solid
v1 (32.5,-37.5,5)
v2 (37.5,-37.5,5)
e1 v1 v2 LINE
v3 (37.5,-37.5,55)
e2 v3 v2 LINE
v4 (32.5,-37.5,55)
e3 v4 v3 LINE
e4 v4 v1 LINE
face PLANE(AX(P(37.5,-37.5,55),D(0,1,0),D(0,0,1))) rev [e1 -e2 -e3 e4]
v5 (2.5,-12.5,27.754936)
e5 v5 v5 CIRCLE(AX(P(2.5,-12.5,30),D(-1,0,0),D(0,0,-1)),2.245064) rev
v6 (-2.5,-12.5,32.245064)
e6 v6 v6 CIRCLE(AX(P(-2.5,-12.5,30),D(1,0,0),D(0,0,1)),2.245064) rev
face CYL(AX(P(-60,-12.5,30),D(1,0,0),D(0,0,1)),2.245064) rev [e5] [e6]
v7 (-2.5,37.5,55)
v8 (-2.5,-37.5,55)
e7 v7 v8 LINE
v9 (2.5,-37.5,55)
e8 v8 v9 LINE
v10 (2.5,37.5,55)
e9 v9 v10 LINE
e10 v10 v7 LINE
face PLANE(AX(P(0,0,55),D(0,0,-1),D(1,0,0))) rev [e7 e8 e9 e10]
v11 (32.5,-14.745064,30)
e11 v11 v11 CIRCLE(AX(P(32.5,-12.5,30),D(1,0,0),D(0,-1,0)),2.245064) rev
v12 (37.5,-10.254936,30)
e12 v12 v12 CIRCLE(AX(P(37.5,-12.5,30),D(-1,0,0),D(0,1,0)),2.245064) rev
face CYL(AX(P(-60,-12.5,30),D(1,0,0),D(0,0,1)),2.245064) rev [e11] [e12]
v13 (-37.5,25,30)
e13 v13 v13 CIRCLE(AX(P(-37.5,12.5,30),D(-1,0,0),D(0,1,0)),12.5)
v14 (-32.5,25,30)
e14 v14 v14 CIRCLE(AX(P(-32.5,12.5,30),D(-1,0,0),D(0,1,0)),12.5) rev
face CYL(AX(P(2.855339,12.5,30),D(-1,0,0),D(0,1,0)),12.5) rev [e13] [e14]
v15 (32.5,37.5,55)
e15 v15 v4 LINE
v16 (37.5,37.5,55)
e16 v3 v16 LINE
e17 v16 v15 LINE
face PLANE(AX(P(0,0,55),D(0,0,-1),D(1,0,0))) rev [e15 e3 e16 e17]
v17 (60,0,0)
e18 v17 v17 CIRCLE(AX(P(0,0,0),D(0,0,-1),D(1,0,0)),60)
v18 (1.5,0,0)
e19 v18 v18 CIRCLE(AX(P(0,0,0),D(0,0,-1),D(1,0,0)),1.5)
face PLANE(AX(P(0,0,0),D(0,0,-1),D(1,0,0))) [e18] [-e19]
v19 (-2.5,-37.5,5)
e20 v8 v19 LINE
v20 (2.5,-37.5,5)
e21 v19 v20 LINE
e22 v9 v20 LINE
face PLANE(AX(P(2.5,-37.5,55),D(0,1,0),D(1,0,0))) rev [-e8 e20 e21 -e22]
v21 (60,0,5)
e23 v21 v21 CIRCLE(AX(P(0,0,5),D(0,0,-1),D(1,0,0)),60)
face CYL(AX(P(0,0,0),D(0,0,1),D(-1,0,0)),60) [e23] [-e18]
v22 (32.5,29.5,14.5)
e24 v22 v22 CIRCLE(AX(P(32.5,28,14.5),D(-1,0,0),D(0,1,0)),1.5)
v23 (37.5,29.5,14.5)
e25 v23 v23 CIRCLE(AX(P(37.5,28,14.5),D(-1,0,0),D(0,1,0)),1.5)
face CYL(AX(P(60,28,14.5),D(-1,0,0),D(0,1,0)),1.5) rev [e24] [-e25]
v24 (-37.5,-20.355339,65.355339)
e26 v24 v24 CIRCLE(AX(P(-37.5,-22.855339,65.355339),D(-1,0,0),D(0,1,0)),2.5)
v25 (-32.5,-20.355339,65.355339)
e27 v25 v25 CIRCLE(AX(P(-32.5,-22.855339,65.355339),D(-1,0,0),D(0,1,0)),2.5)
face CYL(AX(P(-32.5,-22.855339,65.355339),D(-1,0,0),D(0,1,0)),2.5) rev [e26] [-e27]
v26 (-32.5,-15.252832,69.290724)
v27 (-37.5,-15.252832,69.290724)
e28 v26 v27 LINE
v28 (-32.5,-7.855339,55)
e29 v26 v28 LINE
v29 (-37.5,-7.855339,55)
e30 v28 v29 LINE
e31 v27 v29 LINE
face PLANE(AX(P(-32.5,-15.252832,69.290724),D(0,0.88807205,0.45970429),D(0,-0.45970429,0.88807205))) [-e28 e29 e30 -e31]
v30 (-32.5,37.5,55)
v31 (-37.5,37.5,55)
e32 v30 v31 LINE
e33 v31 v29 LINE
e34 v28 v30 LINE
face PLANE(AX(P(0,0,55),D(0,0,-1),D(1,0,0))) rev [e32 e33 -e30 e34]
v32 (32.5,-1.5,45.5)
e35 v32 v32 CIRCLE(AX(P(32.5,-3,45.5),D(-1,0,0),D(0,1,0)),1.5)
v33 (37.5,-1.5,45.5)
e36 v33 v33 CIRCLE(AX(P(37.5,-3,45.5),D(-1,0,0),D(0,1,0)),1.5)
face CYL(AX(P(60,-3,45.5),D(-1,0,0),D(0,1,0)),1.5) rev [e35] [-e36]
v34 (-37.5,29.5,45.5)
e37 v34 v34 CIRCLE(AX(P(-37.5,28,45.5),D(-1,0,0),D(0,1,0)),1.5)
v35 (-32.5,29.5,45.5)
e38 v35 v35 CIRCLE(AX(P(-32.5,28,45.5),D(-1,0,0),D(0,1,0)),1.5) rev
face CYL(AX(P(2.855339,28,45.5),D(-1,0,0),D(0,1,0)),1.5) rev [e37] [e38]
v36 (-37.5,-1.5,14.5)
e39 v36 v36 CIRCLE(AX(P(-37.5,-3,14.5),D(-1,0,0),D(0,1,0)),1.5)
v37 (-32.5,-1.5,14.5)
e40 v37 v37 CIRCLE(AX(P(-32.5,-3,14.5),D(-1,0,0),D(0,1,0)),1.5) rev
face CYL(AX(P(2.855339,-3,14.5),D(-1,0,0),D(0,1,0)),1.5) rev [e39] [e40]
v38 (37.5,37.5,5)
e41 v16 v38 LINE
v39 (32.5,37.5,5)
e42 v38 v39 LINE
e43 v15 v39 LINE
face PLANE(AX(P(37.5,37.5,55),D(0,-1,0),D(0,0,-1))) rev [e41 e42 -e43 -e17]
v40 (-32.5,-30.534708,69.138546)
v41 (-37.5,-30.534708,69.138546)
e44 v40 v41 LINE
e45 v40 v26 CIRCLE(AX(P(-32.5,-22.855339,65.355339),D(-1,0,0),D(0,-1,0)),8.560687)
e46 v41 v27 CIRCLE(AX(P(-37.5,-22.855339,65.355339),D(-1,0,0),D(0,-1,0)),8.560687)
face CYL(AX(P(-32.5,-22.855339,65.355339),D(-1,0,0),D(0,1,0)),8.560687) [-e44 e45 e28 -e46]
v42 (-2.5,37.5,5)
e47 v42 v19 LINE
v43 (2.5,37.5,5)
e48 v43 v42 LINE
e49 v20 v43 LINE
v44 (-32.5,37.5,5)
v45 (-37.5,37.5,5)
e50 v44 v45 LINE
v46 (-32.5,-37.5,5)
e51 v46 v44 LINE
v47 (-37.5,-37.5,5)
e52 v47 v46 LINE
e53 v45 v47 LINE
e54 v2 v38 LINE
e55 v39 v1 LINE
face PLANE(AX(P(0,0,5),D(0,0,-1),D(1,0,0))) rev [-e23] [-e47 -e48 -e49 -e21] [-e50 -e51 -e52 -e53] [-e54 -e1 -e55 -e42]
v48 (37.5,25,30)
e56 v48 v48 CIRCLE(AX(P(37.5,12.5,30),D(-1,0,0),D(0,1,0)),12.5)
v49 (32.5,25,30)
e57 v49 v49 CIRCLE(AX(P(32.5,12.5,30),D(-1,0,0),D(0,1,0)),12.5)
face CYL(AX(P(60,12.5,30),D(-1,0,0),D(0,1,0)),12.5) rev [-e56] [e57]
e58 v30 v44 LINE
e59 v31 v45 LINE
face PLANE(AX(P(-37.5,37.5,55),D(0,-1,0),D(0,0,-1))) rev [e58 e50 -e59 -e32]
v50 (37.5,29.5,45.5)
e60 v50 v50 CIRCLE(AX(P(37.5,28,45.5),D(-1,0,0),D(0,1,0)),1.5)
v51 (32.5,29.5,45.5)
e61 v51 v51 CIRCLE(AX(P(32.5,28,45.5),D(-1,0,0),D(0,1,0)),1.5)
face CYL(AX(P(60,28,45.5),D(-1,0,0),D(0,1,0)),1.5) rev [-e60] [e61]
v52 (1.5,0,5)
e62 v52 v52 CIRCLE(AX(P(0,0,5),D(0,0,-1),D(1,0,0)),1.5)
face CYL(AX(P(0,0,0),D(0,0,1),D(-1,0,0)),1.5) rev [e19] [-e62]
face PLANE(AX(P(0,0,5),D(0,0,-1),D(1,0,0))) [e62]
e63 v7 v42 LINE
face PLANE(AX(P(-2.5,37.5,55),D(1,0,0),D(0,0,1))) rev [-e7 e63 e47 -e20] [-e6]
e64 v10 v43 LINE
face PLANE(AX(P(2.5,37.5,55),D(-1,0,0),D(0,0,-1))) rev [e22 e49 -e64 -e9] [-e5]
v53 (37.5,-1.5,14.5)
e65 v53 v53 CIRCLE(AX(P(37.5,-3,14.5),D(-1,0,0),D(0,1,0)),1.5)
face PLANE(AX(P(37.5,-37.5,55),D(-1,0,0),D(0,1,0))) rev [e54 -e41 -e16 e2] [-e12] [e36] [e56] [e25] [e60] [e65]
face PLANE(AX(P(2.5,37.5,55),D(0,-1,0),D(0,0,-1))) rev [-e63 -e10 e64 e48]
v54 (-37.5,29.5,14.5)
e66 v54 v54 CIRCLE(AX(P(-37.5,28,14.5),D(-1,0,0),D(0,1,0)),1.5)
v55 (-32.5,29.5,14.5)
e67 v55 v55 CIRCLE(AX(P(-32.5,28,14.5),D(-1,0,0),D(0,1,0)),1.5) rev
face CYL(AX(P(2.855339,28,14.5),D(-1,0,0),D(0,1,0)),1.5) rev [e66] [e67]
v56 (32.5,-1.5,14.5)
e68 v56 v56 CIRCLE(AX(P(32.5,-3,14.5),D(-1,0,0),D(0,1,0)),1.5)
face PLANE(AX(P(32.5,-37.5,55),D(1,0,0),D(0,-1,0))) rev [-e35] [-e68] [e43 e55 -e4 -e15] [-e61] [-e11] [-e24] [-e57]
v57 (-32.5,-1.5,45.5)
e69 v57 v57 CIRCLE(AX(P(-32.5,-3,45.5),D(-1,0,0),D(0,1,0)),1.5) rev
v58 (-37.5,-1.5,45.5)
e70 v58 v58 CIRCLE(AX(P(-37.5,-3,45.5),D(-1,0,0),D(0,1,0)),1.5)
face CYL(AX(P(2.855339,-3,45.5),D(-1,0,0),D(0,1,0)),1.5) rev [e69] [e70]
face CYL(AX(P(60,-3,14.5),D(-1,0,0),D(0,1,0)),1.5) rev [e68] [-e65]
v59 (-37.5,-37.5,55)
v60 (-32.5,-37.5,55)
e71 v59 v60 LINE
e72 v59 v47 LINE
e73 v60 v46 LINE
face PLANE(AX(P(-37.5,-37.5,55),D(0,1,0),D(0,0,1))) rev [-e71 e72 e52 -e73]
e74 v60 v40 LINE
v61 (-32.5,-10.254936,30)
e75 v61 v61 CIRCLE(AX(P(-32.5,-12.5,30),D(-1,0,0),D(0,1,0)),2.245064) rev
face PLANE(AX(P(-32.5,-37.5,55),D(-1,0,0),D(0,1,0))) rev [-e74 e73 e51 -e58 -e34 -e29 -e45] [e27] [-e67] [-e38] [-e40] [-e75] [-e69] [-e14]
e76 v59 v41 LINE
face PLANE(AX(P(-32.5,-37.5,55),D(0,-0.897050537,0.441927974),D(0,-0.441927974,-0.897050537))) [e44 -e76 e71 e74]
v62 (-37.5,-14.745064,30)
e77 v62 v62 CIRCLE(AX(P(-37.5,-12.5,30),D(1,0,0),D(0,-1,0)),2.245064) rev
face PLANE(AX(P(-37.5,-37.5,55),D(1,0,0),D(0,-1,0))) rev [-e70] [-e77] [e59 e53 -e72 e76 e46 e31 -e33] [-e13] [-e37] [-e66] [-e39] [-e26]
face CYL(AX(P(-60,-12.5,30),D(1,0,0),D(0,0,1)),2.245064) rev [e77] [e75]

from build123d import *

# Parameters (mm, degrees)
SKETCH1_R               = 60
SKETCH1_R_2             = 1.5
BOSS_EXTRUDE1_DEPTH     = 5
SKETCH2_W               = 5
SKETCH2_H               = 75
BOSS_EXTRUDE2_DEPTH     = 50
SKETCH3_R               = 1.5
SKETCH3_R_2             = 12.5
CUT_EXTRUDE1_DEPTH      = 122.063000128
CUT_EXTRUDE4_DEPTH      = 101.031245119
CUT_EXTRUDE4_DEPTH_BACK = 53
SKETCH5_R               = 2.24506403
SKETCH6_R               = 1.5
SKETCH6_R_2             = 12.5
CUT_EXTRUDE5_DEPTH      = 5
SKETCH7_R               = 2.5
BOSS_EXTRUDE4_DEPTH     = 5
BODY_MOVE_COPY1_ANGLE   = 180


with BuildPart() as part:
    # Sketch1 → Boss-Extrude1 (new body)
    with BuildSketch(Plane.XY):
        Circle(SKETCH1_R)
        Circle(SKETCH1_R_2, mode=Mode.SUBTRACT)
    extrude(amount=BOSS_EXTRUDE1_DEPTH)

    # Sketch2 → Boss-Extrude2 (add)
    with BuildSketch(Plane(origin=(0, 0, 0), x_dir=(-1, 0, 0), z_dir=(0, 0, -1))):
        with Locations((-35, 0)):
            Rectangle(SKETCH2_W, SKETCH2_H)
        with Locations((35, 0)):
            Rectangle(SKETCH2_W, SKETCH2_H)
        Rectangle(SKETCH2_W, SKETCH2_H)
    extrude(amount=BOSS_EXTRUDE2_DEPTH)

    # Sketch3 → Cut-Extrude1 (cut, through all)
    with BuildSketch(Plane.ZY.offset(-32.5)):
        with Locations(Location((-40.5, 3, 0), (0, 0, 270))):
            Circle(SKETCH3_R)
        with Locations(Location((-9.5, 3, 0), (0, 0, 270))):
            Circle(SKETCH3_R)
        with Locations(Location((-9.5, -28, 0), (0, 0, 270))):
            Circle(SKETCH3_R)
        with Locations(Location((-40.5, -28, 0), (0, 0, 270))):
            Circle(SKETCH3_R)
        with Locations(Location((-25, -12.5, 0), (0, 0, 270))):
            Circle(SKETCH3_R_2)
    extrude(amount=-CUT_EXTRUDE1_DEPTH, mode=Mode.SUBTRACT)

    # Sketch5 → Cut-Extrude4 (cut, two sides: drawn at the far end of the back side and taken through both)
    with BuildSketch(Plane.ZY.offset(2.5).offset(-CUT_EXTRUDE4_DEPTH_BACK)):
        with Locations(Location((-25, 12.5, 0), (0, 0, 180))):
            Circle(SKETCH5_R)
    extrude(amount=CUT_EXTRUDE4_DEPTH + CUT_EXTRUDE4_DEPTH_BACK, mode=Mode.SUBTRACT)

    # Sketch6 → Cut-Extrude5 (cut)
    with BuildSketch(Plane.ZY.offset(37.5)):
        with Locations(Location((-40.5, 3, 0), (0, 0, 270))):
            Circle(SKETCH6_R)
        with Locations(Location((-9.5, 3, 0), (0, 0, 270))):
            Circle(SKETCH6_R)
        with Locations(Location((-9.5, -28, 0), (0, 0, 270))):
            Circle(SKETCH6_R)
        with Locations(Location((-40.5, -28, 0), (0, 0, 270))):
            Circle(SKETCH6_R)
        with Locations(Location((-25, -12.5, 0), (0, 0, 270))):
            Circle(SKETCH6_R_2)
    extrude(amount=-CUT_EXTRUDE5_DEPTH, mode=Mode.SUBTRACT)

    # Sketch7 → Boss-Extrude4 (add)
    with BuildSketch(Plane.ZY.offset(37.5)):
        with BuildLine():
            Line((-50, 37.5), (-64.138546099, 30.534707883))
            ThreePointArc((-64.138546099, 30.534707883), (-68.91560159, 22.940582469), (-64.290723579, 15.252832254))
            Line((-64.290723579, 15.252832254), (-50, 7.855339059))
            Line((-50, 7.855339059), (-50, 37.5))
        make_face()
        with Locations(Location((-60.355339059, 22.855339059, 0), (0, 0, 270))):
            Circle(SKETCH7_R, mode=Mode.SUBTRACT)
    extrude(amount=-BOSS_EXTRUDE4_DEPTH)


with BuildPart() as part_1:
    # Body-Move/Copy1: moved
    add(part.part.rotate(Axis((0, 0, -31.958013004), (1, 0, 0)), BODY_MOVE_COPY1_ANGLE))


with BuildPart() as part_2:
    # Body-Move/Copy2: moved
    add(part_1.part.moved(Location((0, 0, 68.91602601))))


solid = part_2.part
